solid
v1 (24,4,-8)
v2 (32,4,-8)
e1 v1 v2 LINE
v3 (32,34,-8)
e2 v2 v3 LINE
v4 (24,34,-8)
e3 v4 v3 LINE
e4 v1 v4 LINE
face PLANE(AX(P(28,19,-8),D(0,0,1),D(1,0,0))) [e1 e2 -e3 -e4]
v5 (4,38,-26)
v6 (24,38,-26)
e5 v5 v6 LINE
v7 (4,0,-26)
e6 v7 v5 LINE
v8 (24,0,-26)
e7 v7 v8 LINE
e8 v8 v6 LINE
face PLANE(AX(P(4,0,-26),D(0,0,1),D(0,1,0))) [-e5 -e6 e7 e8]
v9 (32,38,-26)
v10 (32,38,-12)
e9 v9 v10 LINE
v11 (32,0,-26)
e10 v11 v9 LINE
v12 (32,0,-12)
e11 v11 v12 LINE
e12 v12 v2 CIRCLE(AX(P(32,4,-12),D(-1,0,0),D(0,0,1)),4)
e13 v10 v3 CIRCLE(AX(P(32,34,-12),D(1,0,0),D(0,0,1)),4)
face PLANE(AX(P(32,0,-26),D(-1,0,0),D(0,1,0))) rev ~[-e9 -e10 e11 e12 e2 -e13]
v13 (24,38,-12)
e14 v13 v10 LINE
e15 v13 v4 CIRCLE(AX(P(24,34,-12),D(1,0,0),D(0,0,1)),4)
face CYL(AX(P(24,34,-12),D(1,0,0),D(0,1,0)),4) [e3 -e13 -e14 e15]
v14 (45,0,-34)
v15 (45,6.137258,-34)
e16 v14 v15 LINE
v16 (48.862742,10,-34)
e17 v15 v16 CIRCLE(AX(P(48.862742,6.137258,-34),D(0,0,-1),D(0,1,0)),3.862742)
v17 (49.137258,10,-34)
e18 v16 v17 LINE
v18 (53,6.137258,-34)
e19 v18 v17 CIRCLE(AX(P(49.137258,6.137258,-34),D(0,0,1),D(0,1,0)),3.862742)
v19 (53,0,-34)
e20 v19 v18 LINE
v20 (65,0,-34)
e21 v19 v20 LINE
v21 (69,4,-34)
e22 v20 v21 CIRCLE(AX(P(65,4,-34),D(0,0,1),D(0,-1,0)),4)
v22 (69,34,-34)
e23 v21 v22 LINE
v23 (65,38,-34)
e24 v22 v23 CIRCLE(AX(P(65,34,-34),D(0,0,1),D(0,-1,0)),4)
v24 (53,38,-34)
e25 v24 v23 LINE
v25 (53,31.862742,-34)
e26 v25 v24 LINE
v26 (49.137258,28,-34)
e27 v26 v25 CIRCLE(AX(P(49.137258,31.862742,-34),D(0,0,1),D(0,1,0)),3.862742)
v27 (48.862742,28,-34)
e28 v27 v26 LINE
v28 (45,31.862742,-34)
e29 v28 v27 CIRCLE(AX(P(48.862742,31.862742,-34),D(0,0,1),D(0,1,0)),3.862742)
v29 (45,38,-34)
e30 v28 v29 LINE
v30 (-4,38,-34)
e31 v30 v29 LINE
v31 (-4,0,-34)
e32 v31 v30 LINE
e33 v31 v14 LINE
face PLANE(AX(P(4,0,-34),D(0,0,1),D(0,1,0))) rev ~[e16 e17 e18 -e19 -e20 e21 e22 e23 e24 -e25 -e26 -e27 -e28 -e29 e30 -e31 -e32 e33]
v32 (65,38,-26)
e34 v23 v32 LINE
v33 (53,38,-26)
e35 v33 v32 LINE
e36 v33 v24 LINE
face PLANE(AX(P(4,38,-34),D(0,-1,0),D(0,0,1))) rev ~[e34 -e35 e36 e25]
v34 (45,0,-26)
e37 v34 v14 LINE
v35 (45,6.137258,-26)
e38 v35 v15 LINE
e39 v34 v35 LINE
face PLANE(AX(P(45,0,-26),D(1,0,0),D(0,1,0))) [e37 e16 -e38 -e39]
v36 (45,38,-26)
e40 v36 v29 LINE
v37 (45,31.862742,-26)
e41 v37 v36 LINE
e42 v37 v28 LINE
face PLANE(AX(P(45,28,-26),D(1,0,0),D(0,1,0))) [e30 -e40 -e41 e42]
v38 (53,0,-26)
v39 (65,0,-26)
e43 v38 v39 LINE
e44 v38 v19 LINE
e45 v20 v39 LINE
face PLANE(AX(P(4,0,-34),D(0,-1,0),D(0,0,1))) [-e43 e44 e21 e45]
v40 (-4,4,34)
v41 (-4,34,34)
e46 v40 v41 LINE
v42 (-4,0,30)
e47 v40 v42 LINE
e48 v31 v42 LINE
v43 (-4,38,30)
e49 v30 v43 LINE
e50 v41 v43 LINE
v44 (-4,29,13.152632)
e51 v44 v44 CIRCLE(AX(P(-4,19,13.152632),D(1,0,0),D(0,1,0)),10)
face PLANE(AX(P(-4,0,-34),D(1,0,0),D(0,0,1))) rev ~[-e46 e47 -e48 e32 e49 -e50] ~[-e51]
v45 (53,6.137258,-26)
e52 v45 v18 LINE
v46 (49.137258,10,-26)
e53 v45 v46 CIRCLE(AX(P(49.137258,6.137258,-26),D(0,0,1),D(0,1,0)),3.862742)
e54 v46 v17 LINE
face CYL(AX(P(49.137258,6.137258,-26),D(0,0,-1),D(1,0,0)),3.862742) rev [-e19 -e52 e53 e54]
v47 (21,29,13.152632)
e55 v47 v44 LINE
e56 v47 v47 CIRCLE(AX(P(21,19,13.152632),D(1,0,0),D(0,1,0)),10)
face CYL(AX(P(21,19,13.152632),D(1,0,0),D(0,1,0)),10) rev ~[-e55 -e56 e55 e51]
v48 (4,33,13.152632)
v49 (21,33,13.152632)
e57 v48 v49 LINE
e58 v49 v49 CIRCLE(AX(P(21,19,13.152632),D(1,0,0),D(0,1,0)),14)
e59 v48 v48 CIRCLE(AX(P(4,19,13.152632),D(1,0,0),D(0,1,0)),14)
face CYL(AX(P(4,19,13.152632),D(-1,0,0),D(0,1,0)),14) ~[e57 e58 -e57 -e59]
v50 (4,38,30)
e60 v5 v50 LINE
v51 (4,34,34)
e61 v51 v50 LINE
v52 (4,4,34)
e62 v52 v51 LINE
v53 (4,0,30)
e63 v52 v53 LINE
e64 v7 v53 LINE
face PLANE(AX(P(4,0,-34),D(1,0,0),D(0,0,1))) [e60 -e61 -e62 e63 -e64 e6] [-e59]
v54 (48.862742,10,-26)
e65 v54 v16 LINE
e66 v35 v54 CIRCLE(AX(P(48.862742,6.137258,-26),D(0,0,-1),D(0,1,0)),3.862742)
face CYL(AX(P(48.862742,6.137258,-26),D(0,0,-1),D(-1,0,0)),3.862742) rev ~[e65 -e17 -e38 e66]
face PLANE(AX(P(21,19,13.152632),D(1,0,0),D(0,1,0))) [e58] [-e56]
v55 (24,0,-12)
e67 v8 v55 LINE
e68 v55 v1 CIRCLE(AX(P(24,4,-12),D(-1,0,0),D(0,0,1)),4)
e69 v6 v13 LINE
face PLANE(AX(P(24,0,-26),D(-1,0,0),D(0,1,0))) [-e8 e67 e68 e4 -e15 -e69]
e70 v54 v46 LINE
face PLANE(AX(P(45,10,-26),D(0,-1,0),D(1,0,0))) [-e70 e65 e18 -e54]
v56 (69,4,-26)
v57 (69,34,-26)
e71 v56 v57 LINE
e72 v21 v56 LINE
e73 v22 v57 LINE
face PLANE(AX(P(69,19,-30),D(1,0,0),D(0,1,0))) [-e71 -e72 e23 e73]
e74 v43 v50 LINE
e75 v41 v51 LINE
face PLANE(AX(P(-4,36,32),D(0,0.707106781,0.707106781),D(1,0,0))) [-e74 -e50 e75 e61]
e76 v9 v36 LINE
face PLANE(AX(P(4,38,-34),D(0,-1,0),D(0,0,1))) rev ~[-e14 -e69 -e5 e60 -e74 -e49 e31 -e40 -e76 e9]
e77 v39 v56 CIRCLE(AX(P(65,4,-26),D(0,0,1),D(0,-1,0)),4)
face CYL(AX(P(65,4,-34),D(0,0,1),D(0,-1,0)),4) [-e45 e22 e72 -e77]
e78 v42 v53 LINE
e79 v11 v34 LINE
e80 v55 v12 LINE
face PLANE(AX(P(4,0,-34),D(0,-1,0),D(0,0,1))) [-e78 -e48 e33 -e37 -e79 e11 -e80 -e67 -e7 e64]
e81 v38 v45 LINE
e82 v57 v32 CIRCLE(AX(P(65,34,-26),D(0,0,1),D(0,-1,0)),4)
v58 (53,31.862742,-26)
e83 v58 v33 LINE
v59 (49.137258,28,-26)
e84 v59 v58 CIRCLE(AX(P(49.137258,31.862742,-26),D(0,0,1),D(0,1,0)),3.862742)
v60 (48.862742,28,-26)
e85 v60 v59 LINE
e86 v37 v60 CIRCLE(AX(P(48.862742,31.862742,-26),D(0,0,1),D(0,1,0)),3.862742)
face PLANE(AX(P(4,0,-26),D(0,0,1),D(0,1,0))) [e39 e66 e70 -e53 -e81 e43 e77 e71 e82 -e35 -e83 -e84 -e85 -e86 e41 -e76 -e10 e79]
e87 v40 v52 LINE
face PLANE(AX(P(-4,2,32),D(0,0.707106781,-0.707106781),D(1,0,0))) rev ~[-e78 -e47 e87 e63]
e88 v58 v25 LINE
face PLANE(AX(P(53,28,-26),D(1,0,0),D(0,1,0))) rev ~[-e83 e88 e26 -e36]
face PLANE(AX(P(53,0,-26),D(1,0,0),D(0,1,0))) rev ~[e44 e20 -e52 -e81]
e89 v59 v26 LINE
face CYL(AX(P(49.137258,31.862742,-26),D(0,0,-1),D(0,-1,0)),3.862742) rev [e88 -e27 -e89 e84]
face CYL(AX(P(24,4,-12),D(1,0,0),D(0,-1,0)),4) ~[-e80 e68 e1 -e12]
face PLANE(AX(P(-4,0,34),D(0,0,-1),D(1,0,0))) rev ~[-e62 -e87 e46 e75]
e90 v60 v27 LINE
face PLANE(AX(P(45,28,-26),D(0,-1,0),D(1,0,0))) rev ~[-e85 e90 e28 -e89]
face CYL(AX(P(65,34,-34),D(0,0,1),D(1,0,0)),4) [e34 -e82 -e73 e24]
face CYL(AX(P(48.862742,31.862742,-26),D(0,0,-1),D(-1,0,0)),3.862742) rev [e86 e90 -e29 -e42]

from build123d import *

# Parameters (mm, degrees)
F0_W      = 8
F0_H      = 68
F1_DEPTH  = 38
F2_SIZE   = 4
F3_W      = 38
F3_H      = 8
F4_DEPTH  = 65
F5_W      = 8
F5_H      = 38
F6_DEPTH  = 18
F7_R      = 4
F8_R      = 4
F9_W      = 8
F9_H      = 10
F10_DEPTH = 25
F11_R     = 3.862742
F12_R     = 14
F13_DEPTH = 17
F14_R     = 10
F15_DEPTH = 100


with BuildPart() as f1:
    # F0 (on Front) → F1 (new body)
    with BuildSketch(Plane.XZ):
        Rectangle(F0_W, F0_H)
    extrude(amount=-F1_DEPTH)

    # F2
    f2_edges = [f1.edges().sort_by_distance(p)[0] for p in [
        (0, 0, 34),
        (0, 38, 34),
    ]]
    chamfer(f2_edges, length=F2_SIZE)

    # F3 (on face) → F4 (join)
    with BuildSketch(Plane.YZ.offset(4)):
        with Locations((19, -30)):
            Rectangle(F3_W, F3_H)
    extrude(amount=F4_DEPTH)

    # F5 (on face) → F6 (join)
    with BuildSketch(Plane.XY.offset(-26)):
        with Locations((28, 19)):
            Rectangle(F5_W, F5_H)
    extrude(amount=F6_DEPTH)

    # F7
    f7_edges = [f1.edges().sort_by_distance(p)[0] for p in [
        (28, 0, -8),
        (28, 38, -8),
    ]]
    fillet(f7_edges, radius=F7_R)

    # F8
    f8_edges = [f1.edges().sort_by_distance(p)[0] for p in [
        (69, 38, -30),
        (69, 0, -30),
    ]]
    fillet(f8_edges, radius=F8_R)

    # F9 (on face) → F10 (cut)
    with BuildSketch(Plane.XY.offset(-26)):
        with Locations((49, 33)):
            Rectangle(F9_W, F9_H)
        with Locations((49, 5)):
            Rectangle(F9_W, F9_H)
    extrude(amount=-F10_DEPTH, mode=Mode.SUBTRACT)

    # F11
    f11_edges = [f1.edges().sort_by_distance(p)[0] for p in [
        (45, 28, -30),
        (53, 28, -30),
        (45, 10, -30),
        (53, 10, -30),
    ]]
    fillet(f11_edges, radius=F11_R)

    # F12 (on face) → F13 (join)
    with BuildSketch(Plane.YZ.offset(4)):
        with Locations((19, 13.152632)):
            Circle(F12_R)
    extrude(amount=F13_DEPTH)

    # F14 (on face) → F15 (cut)
    with BuildSketch(Plane.YZ.offset(21)):
        with Locations((19, 13.152632)):
            Circle(F14_R)
    extrude(amount=-F15_DEPTH, mode=Mode.SUBTRACT)


solid = f1.part
